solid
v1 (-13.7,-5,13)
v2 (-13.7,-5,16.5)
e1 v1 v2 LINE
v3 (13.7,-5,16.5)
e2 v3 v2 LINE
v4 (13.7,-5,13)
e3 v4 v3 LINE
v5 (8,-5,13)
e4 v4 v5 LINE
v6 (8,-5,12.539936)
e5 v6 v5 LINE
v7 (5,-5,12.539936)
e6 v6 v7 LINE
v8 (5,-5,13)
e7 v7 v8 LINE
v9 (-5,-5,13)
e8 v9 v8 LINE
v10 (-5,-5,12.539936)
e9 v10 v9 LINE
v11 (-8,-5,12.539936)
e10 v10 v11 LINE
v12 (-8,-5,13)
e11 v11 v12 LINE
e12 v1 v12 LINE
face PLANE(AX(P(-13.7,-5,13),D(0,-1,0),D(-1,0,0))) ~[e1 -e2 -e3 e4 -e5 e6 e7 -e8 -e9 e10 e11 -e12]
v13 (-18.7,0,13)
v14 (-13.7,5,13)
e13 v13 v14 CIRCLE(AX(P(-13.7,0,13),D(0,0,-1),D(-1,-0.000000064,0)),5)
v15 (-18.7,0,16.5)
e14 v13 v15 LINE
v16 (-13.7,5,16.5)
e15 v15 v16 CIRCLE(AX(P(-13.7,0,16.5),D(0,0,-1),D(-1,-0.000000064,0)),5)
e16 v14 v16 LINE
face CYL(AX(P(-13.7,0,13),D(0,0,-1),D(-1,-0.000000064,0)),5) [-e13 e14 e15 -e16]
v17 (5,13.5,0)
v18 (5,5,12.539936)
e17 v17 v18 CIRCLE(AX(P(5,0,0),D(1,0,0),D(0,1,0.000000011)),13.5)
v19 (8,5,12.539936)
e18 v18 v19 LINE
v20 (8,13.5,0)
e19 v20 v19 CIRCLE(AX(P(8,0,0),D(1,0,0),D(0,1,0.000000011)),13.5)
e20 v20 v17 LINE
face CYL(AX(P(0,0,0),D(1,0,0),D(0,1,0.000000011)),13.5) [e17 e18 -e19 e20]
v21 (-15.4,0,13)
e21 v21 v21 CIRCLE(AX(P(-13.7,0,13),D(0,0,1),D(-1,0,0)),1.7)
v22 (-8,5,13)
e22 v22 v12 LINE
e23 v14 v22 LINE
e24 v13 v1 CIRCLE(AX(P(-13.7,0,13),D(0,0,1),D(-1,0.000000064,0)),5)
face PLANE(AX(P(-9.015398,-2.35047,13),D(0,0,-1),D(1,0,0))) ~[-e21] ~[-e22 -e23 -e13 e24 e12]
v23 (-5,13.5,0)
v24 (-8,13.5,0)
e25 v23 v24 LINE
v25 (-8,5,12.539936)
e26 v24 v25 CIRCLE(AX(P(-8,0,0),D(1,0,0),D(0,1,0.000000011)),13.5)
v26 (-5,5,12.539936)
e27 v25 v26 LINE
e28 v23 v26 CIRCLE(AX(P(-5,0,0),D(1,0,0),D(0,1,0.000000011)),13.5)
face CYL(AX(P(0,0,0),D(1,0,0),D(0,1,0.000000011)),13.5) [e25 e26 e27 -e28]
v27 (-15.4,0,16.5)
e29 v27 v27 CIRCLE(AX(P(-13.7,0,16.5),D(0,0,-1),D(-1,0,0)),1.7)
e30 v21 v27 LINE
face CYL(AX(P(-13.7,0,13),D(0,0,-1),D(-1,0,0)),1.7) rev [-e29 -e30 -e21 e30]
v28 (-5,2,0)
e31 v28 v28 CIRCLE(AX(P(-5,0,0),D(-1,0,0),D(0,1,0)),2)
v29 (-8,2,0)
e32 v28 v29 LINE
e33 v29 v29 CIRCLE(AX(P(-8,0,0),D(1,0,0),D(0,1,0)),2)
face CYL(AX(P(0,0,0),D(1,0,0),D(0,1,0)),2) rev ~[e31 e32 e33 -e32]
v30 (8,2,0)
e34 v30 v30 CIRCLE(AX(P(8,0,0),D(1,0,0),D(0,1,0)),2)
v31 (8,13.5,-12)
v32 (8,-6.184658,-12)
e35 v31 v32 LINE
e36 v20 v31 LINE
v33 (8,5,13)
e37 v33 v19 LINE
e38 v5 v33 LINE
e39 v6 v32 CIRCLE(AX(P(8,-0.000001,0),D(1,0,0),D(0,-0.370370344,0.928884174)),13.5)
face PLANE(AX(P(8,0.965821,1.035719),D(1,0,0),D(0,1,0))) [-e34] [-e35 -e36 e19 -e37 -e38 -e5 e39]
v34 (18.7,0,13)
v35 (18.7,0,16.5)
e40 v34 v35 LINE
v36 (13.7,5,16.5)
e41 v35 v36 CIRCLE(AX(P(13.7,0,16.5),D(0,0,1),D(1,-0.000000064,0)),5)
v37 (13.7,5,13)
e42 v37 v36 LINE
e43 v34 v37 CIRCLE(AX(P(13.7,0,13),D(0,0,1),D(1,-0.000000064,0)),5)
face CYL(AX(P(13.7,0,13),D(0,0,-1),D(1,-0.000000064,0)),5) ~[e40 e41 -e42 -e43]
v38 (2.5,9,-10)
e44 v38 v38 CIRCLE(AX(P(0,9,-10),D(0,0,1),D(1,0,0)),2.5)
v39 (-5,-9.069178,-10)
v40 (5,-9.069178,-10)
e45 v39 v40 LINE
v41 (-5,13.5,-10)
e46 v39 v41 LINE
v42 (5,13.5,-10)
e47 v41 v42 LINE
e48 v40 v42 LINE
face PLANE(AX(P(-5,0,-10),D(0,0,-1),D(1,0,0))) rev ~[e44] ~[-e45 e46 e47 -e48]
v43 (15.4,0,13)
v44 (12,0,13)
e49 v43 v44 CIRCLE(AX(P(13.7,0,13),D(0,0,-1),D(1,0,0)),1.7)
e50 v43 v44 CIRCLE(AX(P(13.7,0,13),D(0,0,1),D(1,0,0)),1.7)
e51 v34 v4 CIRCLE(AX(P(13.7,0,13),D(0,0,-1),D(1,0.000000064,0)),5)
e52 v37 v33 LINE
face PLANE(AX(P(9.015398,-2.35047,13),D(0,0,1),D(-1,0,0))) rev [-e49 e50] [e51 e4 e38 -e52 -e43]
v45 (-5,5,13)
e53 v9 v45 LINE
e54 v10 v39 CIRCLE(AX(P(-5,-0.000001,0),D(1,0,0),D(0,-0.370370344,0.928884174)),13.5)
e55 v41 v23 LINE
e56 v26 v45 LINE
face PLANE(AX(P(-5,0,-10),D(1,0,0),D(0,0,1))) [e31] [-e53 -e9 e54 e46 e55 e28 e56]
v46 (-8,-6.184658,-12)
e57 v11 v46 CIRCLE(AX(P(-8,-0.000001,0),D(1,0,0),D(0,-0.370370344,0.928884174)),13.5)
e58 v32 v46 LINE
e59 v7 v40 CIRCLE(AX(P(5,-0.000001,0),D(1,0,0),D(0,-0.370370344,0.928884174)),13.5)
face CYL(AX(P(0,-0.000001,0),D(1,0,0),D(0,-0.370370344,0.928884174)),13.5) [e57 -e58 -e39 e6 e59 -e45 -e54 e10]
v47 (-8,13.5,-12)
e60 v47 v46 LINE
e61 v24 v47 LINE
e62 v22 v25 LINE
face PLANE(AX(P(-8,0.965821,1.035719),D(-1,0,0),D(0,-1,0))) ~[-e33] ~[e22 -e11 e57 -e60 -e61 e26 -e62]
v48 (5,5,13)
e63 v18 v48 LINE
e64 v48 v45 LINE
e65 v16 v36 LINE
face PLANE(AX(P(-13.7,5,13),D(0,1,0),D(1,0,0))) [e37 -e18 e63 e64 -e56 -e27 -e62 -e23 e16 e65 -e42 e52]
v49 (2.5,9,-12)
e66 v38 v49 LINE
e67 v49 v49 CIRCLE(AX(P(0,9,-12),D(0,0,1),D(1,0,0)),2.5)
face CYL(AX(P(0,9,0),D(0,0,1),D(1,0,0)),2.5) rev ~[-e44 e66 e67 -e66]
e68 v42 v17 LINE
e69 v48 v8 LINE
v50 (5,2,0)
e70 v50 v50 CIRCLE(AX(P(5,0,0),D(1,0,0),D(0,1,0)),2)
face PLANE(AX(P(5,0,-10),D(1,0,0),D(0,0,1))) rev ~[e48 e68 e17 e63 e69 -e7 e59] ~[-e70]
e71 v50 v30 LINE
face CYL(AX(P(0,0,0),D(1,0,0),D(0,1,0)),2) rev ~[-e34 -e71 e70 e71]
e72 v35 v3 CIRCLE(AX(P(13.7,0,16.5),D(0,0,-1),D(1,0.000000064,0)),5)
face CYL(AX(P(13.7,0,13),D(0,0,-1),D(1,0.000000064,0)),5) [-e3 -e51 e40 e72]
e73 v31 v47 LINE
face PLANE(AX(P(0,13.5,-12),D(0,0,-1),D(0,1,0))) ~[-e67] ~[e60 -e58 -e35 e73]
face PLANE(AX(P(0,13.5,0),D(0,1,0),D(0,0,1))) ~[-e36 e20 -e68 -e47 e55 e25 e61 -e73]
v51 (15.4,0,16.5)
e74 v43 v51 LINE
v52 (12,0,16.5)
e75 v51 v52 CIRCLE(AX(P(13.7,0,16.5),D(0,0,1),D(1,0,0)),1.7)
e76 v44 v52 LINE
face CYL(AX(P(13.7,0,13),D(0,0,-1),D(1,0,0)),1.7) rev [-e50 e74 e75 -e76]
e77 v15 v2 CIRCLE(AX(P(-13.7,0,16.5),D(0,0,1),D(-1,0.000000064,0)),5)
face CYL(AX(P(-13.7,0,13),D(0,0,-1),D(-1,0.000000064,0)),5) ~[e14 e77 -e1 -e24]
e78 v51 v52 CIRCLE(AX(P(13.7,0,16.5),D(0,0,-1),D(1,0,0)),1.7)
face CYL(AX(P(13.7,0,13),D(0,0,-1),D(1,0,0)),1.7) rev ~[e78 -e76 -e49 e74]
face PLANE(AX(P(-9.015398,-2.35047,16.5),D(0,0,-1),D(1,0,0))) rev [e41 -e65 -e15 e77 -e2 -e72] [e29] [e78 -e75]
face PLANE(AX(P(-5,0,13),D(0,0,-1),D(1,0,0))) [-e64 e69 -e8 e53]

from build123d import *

# Parameters (mm, degrees)
SKETCH005_R                = 2
PAD001_DEPTH               = 8
SKETCH006_W                = 10
SKETCH006_H                = 23
POCKET003_DEPTH            = 13.501
POCKET003_DEPTH_BACK       = 13.501
SKETCH007_R                = 2.5
POCKET004_DEPTH            = 12.001
PAD002_DEPTH               = 3.5
PAD002_MIRRORED007_2_DEPTH = 3.5


with BuildPart() as part:
    # Sketch005 → Pad001 (new body)
    with BuildSketch(Plane.YZ):
        with BuildLine():
            ThreePointArc((13.5, 0), (11.174748, 7.574629), (5, 12.539936))
            Line((5, 16.5), (5, 12.539936))
            Line((-5, 16.5), (5, 16.5))
            Line((-5, 12.539936), (-5, 16.5))
            ThreePointArc((-5, 12.539936), (-13.484297, 0.650951), (-6.184658, -12))
            Line((13.5, -12), (-6.184658, -12))
            Line((13.5, 0), (13.5, -12))
        make_face()
        Circle(SKETCH005_R, mode=Mode.SUBTRACT)
    pad001 = extrude(amount=PAD001_DEPTH)

    # Mirrored006: Pad001 across YZ
    add(pad001.mirror(Plane.YZ))

    # Sketch006 → Pocket003 (cut, two sides)
    with BuildSketch(Plane.XZ) as pocket003_sk:
        with Locations((0, 1.5)):
            Rectangle(SKETCH006_W, SKETCH006_H)
    extrude(amount=-POCKET003_DEPTH, mode=Mode.SUBTRACT)
    extrude(pocket003_sk.sketch, amount=POCKET003_DEPTH_BACK, mode=Mode.SUBTRACT)

    # Sketch007 → Pocket004 (cut, through all)
    with BuildSketch(Plane.XY):
        with Locations((0, 9)):
            Circle(SKETCH007_R)
    extrude(amount=-POCKET004_DEPTH, mode=Mode.SUBTRACT)

    # Sketch008 → Pad002 (join)
    with BuildSketch(Plane.XY.offset(13)):
        with BuildLine():
            Line((13.7, 5), (0, 5))
            Line((0, 5), (0, 0))
            Line((0, 0), (8, 0))
            Line((8, 0), (12, 0))
            ThreePointArc((15.4, 0), (13.7, 1.7), (12, 0))
            Line((15.4, 0), (18.7, 0))
            ThreePointArc((18.7, 0), (17.235534, 3.535534), (13.7, 5))
        make_face()
    pad002 = extrude(amount=PAD002_DEPTH)

    # Sketch008 Mirrored007 2 → Pad002 Mirrored007 2 (add)
    with BuildSketch(Plane(origin=(0, 0, 13), x_dir=(-1, 0, 0), z_dir=(0, 0, -1))):
        with BuildLine():
            Line((13.7, 5), (0, 5))
            Line((0, 5), (0, 0))
            Line((0, 0), (8, 0))
            Line((8, 0), (12, 0))
            ThreePointArc((15.4, 0), (13.7, 1.7), (12, 0))
            Line((15.4, 0), (18.7, 0))
            ThreePointArc((18.7, 0), (17.235534, 3.535534), (13.7, 5))
        make_face()
    pad002_mirrored007_2 = extrude(amount=-PAD002_MIRRORED007_2_DEPTH)

    # Mirrored008: Pad002, Pad002 Mirrored007 2 across Sketch008 H_Axis
    add(pad002.mirror(Plane(origin=(0, 0, 13), x_dir=(0, 0, 1), z_dir=(0, 1, 0))))
    add(pad002_mirrored007_2.mirror(Plane(origin=(0, 0, 13), x_dir=(0, 0, 1), z_dir=(0, 1, 0))))


solid = part.part
